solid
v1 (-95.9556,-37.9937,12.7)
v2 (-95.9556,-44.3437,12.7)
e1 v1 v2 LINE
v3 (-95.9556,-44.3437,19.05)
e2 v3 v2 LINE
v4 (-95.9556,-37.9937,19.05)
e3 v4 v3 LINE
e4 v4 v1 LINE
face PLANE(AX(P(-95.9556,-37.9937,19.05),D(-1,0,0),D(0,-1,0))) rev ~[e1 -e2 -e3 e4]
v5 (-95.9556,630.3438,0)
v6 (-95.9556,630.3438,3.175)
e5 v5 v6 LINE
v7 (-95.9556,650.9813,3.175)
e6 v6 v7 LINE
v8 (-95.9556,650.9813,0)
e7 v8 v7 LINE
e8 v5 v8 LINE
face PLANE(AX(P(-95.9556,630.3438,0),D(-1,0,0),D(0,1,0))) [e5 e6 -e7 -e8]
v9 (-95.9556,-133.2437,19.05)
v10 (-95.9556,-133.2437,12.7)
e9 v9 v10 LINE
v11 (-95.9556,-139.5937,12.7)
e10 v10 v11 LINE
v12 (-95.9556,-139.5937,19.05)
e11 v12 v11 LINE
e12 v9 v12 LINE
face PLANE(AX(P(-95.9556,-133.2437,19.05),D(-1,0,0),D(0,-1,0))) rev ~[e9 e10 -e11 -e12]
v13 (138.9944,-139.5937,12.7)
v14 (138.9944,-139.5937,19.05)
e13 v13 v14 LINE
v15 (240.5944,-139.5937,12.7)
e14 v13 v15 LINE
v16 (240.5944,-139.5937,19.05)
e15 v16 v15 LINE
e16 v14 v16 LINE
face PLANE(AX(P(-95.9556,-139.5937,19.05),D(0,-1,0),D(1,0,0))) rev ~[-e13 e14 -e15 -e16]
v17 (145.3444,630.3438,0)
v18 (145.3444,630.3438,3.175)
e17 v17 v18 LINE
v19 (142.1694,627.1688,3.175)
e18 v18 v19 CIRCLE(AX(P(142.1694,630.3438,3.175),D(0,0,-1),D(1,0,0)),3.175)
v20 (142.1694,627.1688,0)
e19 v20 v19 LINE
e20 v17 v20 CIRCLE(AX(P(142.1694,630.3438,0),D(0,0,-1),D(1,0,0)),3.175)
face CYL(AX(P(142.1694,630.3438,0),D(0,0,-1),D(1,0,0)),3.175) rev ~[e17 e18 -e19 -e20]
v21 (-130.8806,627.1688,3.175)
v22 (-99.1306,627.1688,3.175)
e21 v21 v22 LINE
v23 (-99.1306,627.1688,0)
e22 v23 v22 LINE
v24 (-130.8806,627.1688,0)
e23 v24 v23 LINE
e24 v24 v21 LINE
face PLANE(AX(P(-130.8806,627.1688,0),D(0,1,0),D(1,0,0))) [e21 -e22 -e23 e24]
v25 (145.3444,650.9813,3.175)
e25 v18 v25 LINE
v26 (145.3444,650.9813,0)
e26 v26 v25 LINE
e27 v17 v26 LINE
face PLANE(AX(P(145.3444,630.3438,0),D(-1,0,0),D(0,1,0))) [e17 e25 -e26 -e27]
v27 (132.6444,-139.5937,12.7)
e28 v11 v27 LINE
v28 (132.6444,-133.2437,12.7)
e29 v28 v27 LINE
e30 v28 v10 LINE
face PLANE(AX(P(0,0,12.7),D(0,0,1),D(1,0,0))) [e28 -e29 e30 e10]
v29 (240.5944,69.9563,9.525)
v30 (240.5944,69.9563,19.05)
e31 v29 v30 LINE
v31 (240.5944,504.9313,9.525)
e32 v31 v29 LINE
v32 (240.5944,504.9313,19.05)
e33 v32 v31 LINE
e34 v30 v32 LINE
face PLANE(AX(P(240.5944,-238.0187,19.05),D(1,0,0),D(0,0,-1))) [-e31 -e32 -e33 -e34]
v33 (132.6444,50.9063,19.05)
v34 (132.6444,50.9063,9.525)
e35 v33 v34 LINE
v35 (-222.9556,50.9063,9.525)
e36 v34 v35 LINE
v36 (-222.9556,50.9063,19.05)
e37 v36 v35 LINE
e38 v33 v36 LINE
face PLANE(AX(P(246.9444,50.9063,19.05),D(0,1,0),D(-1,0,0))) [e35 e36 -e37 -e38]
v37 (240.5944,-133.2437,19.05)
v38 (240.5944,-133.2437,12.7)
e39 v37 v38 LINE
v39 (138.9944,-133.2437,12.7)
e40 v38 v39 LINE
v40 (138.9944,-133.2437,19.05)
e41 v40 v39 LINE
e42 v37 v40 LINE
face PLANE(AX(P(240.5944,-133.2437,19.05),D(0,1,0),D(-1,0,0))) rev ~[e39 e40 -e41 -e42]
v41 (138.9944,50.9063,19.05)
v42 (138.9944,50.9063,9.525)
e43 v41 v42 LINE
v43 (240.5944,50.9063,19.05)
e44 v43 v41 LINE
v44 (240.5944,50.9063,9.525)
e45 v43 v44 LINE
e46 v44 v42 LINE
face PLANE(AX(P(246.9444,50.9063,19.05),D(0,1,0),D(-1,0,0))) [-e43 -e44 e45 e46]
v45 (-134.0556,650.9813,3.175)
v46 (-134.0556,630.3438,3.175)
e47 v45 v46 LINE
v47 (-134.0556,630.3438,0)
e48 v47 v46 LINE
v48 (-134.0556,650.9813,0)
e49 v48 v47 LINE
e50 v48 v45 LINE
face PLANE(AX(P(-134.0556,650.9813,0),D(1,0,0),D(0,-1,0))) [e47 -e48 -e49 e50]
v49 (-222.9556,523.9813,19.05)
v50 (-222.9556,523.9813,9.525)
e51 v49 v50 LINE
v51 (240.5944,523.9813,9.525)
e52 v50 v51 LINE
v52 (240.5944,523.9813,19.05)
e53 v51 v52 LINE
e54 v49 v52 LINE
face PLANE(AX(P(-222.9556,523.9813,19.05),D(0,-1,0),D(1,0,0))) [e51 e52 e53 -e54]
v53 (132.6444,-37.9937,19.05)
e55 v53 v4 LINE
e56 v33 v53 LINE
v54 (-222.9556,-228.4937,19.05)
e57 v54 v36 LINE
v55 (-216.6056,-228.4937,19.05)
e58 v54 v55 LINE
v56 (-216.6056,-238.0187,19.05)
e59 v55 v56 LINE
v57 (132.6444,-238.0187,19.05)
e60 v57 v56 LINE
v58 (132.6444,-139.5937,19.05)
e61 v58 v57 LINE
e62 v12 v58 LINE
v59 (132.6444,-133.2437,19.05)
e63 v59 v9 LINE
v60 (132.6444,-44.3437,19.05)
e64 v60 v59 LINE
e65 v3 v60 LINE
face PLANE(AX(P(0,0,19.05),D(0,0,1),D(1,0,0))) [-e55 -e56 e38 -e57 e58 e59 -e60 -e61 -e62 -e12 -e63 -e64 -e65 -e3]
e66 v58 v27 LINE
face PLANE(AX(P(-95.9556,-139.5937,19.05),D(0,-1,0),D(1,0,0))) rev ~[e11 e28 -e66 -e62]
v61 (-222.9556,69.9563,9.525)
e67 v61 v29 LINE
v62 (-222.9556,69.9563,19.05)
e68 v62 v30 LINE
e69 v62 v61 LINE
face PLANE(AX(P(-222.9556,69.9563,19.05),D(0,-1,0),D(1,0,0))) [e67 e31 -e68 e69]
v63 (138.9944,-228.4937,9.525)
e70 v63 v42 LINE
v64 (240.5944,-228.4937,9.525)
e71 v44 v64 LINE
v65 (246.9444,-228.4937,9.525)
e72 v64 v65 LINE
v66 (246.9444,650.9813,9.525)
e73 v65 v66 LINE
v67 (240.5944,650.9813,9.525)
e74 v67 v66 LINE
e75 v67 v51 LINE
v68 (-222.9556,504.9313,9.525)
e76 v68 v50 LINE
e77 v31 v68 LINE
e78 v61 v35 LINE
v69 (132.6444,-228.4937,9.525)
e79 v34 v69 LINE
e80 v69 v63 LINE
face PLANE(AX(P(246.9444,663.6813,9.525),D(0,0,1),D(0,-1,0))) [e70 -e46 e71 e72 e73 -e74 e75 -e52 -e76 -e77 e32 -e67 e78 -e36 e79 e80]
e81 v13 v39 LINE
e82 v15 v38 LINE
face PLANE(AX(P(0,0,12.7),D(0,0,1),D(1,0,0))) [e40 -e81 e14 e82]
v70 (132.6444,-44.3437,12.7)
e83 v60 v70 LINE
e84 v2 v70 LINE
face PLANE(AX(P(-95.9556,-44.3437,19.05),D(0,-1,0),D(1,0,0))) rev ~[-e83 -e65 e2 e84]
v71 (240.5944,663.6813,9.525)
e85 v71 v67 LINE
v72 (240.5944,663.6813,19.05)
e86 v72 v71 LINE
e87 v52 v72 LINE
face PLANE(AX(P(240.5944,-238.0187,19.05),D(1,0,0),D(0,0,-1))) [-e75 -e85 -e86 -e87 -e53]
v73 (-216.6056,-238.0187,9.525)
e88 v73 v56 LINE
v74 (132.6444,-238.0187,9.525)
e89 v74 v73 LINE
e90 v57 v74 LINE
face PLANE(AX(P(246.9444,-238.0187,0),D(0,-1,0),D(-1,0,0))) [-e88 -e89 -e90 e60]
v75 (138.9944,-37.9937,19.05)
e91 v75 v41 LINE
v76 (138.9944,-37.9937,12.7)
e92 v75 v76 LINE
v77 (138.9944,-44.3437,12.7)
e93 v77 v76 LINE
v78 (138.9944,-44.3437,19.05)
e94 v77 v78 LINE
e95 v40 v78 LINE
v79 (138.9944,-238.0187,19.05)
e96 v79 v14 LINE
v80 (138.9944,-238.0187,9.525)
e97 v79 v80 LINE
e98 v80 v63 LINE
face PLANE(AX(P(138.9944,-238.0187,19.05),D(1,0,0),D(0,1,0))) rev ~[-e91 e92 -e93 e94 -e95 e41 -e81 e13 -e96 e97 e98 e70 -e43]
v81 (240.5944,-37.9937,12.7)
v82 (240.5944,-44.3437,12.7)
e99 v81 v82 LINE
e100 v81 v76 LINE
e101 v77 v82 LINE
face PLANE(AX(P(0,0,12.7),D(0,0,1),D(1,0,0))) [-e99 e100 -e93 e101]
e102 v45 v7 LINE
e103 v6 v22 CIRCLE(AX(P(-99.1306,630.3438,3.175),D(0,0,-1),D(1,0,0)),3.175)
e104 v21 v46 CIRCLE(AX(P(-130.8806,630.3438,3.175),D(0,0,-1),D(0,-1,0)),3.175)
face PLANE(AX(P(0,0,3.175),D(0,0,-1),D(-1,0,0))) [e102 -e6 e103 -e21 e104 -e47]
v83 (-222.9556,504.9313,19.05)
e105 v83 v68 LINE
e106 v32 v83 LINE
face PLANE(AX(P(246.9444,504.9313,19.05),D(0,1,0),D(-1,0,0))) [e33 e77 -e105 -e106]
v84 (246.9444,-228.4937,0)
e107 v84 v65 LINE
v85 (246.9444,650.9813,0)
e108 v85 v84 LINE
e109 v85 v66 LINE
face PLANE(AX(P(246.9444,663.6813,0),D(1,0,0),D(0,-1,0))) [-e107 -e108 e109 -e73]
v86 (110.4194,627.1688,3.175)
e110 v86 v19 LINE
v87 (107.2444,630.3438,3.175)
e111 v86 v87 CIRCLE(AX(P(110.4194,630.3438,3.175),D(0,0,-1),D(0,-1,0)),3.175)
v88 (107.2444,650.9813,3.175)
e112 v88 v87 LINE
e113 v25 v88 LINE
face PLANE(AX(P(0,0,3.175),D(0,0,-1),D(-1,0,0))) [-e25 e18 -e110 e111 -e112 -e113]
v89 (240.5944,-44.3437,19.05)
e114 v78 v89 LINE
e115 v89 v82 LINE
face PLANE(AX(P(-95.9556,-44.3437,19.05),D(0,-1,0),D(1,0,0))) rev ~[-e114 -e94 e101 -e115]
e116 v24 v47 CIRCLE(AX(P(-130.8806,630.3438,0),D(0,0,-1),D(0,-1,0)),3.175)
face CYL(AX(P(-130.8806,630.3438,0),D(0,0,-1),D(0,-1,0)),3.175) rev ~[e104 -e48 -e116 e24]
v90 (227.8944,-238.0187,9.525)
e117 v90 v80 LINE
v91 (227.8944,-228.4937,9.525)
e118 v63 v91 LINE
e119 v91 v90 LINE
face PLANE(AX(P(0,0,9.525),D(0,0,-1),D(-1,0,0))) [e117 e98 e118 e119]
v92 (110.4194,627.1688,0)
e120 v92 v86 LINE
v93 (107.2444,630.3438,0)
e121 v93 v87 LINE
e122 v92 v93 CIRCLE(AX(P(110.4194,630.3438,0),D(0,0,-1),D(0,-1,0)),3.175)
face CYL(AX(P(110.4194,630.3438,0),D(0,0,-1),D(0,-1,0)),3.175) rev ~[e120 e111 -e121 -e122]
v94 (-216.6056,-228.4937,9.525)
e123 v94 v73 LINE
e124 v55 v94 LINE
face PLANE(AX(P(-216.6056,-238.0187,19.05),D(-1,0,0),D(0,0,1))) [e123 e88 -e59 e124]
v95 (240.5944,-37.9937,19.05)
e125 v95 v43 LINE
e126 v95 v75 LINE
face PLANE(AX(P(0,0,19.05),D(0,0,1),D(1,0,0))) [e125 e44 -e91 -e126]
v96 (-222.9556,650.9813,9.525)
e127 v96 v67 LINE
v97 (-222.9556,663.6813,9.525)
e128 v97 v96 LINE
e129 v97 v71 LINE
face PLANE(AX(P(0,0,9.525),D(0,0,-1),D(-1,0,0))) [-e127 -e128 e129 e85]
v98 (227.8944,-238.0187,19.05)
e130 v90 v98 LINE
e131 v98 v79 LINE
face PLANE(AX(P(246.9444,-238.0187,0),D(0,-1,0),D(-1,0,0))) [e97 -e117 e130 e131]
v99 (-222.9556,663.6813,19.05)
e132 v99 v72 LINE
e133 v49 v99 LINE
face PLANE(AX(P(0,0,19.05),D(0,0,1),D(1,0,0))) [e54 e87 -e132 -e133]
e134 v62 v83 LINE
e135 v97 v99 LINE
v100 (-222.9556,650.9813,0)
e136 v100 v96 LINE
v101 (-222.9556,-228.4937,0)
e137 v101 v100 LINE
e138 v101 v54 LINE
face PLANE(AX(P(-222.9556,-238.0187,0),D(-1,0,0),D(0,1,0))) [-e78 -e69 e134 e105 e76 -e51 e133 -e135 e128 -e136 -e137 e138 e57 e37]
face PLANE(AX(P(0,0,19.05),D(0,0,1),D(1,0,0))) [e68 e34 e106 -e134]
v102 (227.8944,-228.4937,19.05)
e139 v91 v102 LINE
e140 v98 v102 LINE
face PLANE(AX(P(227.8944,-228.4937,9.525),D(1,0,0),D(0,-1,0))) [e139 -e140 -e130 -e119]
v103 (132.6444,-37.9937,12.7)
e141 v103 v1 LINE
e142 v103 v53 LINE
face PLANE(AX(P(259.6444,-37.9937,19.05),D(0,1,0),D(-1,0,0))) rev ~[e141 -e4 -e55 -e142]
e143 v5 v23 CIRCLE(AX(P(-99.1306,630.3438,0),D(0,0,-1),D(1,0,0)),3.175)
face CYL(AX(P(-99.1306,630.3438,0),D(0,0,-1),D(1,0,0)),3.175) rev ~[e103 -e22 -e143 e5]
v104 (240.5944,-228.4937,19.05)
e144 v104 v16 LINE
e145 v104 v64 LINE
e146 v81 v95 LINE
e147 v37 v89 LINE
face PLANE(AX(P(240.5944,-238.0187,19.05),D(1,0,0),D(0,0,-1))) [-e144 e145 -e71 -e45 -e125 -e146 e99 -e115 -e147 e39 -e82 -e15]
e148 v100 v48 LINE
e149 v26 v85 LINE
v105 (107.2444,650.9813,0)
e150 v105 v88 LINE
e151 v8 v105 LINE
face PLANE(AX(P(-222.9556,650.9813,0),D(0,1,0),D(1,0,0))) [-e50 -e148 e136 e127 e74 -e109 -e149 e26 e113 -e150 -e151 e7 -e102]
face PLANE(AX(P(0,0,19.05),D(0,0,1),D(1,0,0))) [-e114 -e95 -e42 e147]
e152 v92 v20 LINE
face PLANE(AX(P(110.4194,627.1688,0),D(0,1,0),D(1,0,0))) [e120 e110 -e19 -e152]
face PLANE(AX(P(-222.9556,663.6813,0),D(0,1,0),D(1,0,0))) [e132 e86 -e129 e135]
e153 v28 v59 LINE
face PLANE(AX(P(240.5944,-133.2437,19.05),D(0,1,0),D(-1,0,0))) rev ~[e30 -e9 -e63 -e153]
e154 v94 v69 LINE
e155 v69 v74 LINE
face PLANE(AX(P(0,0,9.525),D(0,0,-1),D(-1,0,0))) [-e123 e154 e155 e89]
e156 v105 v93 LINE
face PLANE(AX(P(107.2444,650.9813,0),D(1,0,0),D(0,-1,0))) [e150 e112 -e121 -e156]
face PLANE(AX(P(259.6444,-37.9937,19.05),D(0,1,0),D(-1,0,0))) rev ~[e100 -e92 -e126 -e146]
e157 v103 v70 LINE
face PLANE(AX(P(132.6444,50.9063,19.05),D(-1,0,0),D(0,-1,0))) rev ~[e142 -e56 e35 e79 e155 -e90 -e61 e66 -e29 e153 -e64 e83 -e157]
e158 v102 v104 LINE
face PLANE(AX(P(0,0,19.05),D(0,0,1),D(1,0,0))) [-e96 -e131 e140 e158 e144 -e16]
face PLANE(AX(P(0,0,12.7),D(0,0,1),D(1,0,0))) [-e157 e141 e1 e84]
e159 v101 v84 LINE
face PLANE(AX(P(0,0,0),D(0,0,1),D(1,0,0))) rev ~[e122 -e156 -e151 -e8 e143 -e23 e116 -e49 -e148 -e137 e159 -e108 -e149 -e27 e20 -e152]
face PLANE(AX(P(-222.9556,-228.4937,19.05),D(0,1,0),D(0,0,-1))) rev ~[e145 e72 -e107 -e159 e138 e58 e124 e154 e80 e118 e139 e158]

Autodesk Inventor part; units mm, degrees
ref_plane "YZ Plane" through (0, 0, 0) normal (1, 0, 0) x (0, 1, 0)
ref_plane "XZ Plane" through (0, 0, 0) normal (0, 1, 0) x (-1, 0, 0)
ref_plane "XY Plane" through (0, 0, 0) normal (0, 0, 1) x (1, 0, 0)
sketch "Sketch1" plane through (0, 0, 0) normal (0, 0, 1) x (1, 0, 0)
  line L0 (-222.9556, 663.6813) -> (246.9444, 663.6813)
  line L1 (246.9444, 663.6813) -> (246.9444, -238.0187)
  line L2 (246.9444, -238.0187) -> (-222.9556, -238.0187)
  line L3 (-222.9556, -238.0187) -> (-222.9556, 663.6813)
  point P0 (0, 0)
  dimension "d0" = 469.9
  dimension "d1" = 901.7
extrude "Board" add sketch "Sketch1" along normal blind 19.05
sketch "Sketch2" plane through (0, 0, 19.05) normal (0, 0, 1) x (1, 0, 0)
  line L0 (-222.9556, 663.6813) -> (-222.9556, -238.0187) projected
  line L1 (246.9444, -238.0187) -> (246.9444, 663.6813) projected
  line L2 (-222.9556, 69.9563) -> (246.9444, 69.9563)
  line L3 (246.9444, 69.9563) -> (246.9444, 50.9063)
  line L4 (246.9444, 50.9063) -> (-222.9556, 50.9063)
  line L5 (-222.9556, 50.9063) -> (-222.9556, 69.9563)
  line L6 (246.9444, 663.6813) -> (-222.9556, 663.6813) projected
  line L7 (-222.9556, -238.0187) -> (246.9444, -238.0187) projected
  point P0 (0, 0)
  dimension "d4" = 19.05
  dimension "d19" = 288.925
extrude "Inner Lower Shelf Dado" cut sketch "Sketch2" against normal blind 9.525 contours L2 L1 L4 L0
sketch "Sketch4" plane through (0, 0, 19.05) normal (0, 0, 1) x (1, 0, 0)
  line L0 (-222.9556, 523.9813) -> (246.9444, 523.9813)
  line L1 (246.9444, 523.9813) -> (246.9444, 504.9313)
  line L2 (246.9444, 504.9313) -> (-222.9556, 504.9313)
  line L3 (-222.9556, 504.9313) -> (-222.9556, 523.9813)
  line L4 (246.9444, 663.6813) -> (-222.9556, 663.6813) projected
  line L5 (246.9444, -238.0187) -> (246.9444, 663.6813) projected
  line L6 (-222.9556, 663.6813) -> (-222.9556, -238.0187) projected
  point P0 (0, 0)
  point P1 (246.9444, 69.9563)
  point P2 (-222.9556, 69.9563)
  dimension "d20" = 19.05
  dimension "d21" = 139.7
extrude "Inner Upper Shelf Dado" cut sketch "Sketch4" against normal blind 9.525 contours L0 L1 L2 L3
sketch "Sketch7" plane through (0, 0, 0) normal (0, 0, -1) x (-1, 0, 0)
  line L0 (222.9556, 663.6813) -> (-246.9444, 663.6813) projected
  line L1 (-246.9444, 663.6813) -> (222.9556, 663.6813)
  line L2 (222.9556, 663.6813) -> (222.9556, 650.9813)
  line L3 (222.9556, 650.9813) -> (-246.9444, 650.9813)
  line L4 (-246.9444, 650.9813) -> (-246.9444, 663.6813)
  line L5 (222.9556, -238.0187) -> (222.9556, 663.6813) projected
  line L6 (-246.9444, -238.0187) -> (222.9556, -238.0187)
  line L7 (222.9556, -238.0187) -> (222.9556, -228.4937)
  line L8 (222.9556, -228.4937) -> (-246.9444, -228.4937)
  line L9 (-246.9444, -228.4937) -> (-246.9444, -238.0187)
  line L10 (-246.9444, -238.0187) -> (222.9556, -238.0187) projected
  point P0 (0, 0)
  dimension "d32" = 12.7
  dimension "d40" = 9.525
extrude "Top and Bottom Exterior Dados" cut sketch "Sketch7" against normal blind 9.525
sketch "Sketch9" plane through (246.9444, -238.0187, 19.05) normal (1, 0, 0) x (0, 0, -1)
  line L0 (0, 901.7) -> (9.525, 901.7)
  line L1 (9.525, 901.7) -> (9.525, 0)
  line L2 (9.525, 0) -> (0, 0)
  line L3 (0, 0) -> (0, 901.7)
  line L4 (9.525, 901.7) -> (0, 901.7) projected
  line L5 (9.525, 0) -> (0, 0) projected
  line L6 (0, 0) -> (0, 742.95) projected
  point P0 (19.05, 238.0187)
  point P1 (0, 307.975)
  dimension "d41" = 9.525
extrude "Back Panel Notch" cut sketch "Sketch9" against normal blind 6.35
sketch "Sketch10" plane through (0, 0, 0) normal (0, 0, -1) x (-1, 0, 0)
  line L0 (-145.3444, 650.9813) -> (-107.2444, 650.9813)
  line L1 (-107.2444, 650.9813) -> (-107.2444, 630.3438)
  line L2 (-110.4194, 627.1688) -> (-142.1694, 627.1688)
  line L3 (-145.3444, 630.3438) -> (-145.3444, 650.9813)
  line L4 (-246.9444, 650.9813) -> (-246.9444, -228.4937) projected
  line L5 (222.9556, 650.9813) -> (-246.9444, 650.9813) projected
  line L6 (95.9556, 650.9813) -> (134.0556, 650.9813)
  line L7 (134.0556, 650.9813) -> (134.0556, 630.3438)
  line L8 (130.8806, 627.1688) -> (99.1306, 627.1688)
  line L9 (95.9556, 630.3438) -> (95.9556, 650.9813)
  arc A0 (-145.3444, 630.3438) -> (-142.1694, 627.1688) centre (-142.1694, 630.3438) ccw
  arc A1 (-110.4194, 627.1688) -> (-107.2444, 630.3438) centre (-110.4194, 630.3438) ccw
  arc A2 (95.9556, 630.3438) -> (99.1306, 627.1688) centre (99.1306, 630.3438) ccw
  arc A3 (130.8806, 627.1688) -> (134.0556, 630.3438) centre (130.8806, 630.3438) ccw
  point P0 (0, 0)
  point P1 (-107.2444, 627.1688)
  point P2 (-145.3444, 627.1688)
  point P3 (134.0556, 627.1688)
  point P4 (95.9556, 627.1688)
  dimension "d44" = 38.1
  dimension "d45" = 23.8125
  dimension "d46" = 101.6
  dimension "d47" = 38.1
  dimension "d48" = 23.8125
  dimension "d49" = 203.2
  dimension "d50" = 3.175
extrude "Top Hinge Notches" cut sketch "Sketch10" against normal blind 3.175
sketch "Sketch12" plane through (-222.9556, -238.0187, 19.05) normal (-1, 0, 0) x (0, 0, 1)
  line L0 (-9.525, 9.525) -> (-9.525, 0) projected
  line L1 (0, 901.7) -> (0, 0) projected
  line L2 (-9.525, 0) -> (0, 0)
  line L3 (0, 0) -> (0, 9.525)
  line L4 (0, 9.525) -> (-9.525, 9.525)
  line L5 (-9.525, 9.525) -> (-9.525, 0)
  line L6 (-19.05, 9.525) -> (-9.525, 9.525) projected
  point P0 (-19.05, 238.0187)
  point P1 (0, 288.925)
extrude "Front notch to cover dado" cut sketch "Sketch12" against normal blind 6.35
sketch "Sketch3" plane through (0, 0, 19.05) normal (0, 0, 1) x (1, 0, 0)
  line L0 (240.5944, -133.2437) -> (-95.9556, -133.2437)
  line L1 (-95.9556, -133.2437) -> (-95.9556, -139.5937)
  line L2 (-95.9556, -139.5937) -> (240.5944, -139.5937)
  line L3 (240.5944, -139.5937) -> (240.5944, -133.2437)
  line L4 (-222.9556, -238.0187) -> (246.9444, -238.0187) projected
  line L5 (259.6444, -37.9937) -> (-95.9556, -37.9937)
  line L6 (-95.9556, -37.9937) -> (-95.9556, -44.3437)
  line L7 (-95.9556, -44.3437) -> (259.6444, -44.3437)
  line L8 (259.6444, -44.3437) -> (259.6444, -37.9937)
  line L9 (-222.9556, 663.6813) -> (-222.9556, -238.0187) projected
  line L10 (246.9444, 50.9063) -> (-222.9556, 50.9063) projected
  line L11 (246.9444, -228.4937) -> (240.5944, -228.4937) projected
  point P0 (0, 0)
  dimension "d9" = 6.35
  dimension "d14" = 6.35
  dimension "d17" = 88.9
  dimension "d26" = 127
  dimension "d67" = 88.9
extrude "Inner Wine Rack Dados" cut sketch "Sketch3" against normal blind 6.35
sketch "Sketch8" plane through (0, 0, 19.05) normal (0, 0, 1) x (1, 0, 0)
  line L0 (246.9444, 50.9063) -> (-222.9556, 50.9063) projected
  line L1 (132.6444, -238.0187) -> (138.9944, -238.0187)
  line L2 (138.9944, -238.0187) -> (138.9944, 50.9063)
  line L3 (138.9944, 50.9063) -> (132.6444, 50.9063)
  line L4 (132.6444, 50.9063) -> (132.6444, -238.0187)
  line L5 (-95.9556, -139.5937) -> (-95.9556, -133.2437) projected
  line L6 (-222.9556, -238.0187) -> (246.9444, -238.0187) projected
  point P0 (0, 0)
  dimension "d35" = 6.35
  dimension "d36" = 228.6
extrude "Vertical Wine Bottle False Back" cut sketch "Sketch8" against normal blind 9.525
sketch "Sketch13" plane through (0, 0, 9.525) normal (0, 0, -1) x (-1, 0, 0)
  line L0 (-246.9444, 650.9813) -> (-246.9444, -228.4937) projected
  line L1 (216.6056, -238.0187) -> (-240.5944, -238.0187) projected
  line L2 (-246.9444, -228.4937) -> (-227.8944, -228.4937)
  line L3 (-227.8944, -228.4937) -> (-227.8944, -238.0187)
  line L4 (-227.8944, -238.0187) -> (-246.9444, -238.0187)
  line L5 (-246.9444, -238.0187) -> (-246.9444, -228.4937)
  point P0 (0, 0)
  point P1 (-138.9944, -238.0187)
  dimension "d64" = 19.05
extrude "Rear notch for bottom runner" cut sketch "Sketch13" against normal blind 19.05
equation "\"d6\" = 0.5 * d2"
equation "\"d22\" = 0.5 * d2"
equation "\"d47\" = d44"
equation "\"d48\" = d45"
equation "\"d49\" = 2 * d46"
equation "\"d37\" = 0.5 * d2"
equation "\"d2\" = 19.05"
properties part number "Left Side"
